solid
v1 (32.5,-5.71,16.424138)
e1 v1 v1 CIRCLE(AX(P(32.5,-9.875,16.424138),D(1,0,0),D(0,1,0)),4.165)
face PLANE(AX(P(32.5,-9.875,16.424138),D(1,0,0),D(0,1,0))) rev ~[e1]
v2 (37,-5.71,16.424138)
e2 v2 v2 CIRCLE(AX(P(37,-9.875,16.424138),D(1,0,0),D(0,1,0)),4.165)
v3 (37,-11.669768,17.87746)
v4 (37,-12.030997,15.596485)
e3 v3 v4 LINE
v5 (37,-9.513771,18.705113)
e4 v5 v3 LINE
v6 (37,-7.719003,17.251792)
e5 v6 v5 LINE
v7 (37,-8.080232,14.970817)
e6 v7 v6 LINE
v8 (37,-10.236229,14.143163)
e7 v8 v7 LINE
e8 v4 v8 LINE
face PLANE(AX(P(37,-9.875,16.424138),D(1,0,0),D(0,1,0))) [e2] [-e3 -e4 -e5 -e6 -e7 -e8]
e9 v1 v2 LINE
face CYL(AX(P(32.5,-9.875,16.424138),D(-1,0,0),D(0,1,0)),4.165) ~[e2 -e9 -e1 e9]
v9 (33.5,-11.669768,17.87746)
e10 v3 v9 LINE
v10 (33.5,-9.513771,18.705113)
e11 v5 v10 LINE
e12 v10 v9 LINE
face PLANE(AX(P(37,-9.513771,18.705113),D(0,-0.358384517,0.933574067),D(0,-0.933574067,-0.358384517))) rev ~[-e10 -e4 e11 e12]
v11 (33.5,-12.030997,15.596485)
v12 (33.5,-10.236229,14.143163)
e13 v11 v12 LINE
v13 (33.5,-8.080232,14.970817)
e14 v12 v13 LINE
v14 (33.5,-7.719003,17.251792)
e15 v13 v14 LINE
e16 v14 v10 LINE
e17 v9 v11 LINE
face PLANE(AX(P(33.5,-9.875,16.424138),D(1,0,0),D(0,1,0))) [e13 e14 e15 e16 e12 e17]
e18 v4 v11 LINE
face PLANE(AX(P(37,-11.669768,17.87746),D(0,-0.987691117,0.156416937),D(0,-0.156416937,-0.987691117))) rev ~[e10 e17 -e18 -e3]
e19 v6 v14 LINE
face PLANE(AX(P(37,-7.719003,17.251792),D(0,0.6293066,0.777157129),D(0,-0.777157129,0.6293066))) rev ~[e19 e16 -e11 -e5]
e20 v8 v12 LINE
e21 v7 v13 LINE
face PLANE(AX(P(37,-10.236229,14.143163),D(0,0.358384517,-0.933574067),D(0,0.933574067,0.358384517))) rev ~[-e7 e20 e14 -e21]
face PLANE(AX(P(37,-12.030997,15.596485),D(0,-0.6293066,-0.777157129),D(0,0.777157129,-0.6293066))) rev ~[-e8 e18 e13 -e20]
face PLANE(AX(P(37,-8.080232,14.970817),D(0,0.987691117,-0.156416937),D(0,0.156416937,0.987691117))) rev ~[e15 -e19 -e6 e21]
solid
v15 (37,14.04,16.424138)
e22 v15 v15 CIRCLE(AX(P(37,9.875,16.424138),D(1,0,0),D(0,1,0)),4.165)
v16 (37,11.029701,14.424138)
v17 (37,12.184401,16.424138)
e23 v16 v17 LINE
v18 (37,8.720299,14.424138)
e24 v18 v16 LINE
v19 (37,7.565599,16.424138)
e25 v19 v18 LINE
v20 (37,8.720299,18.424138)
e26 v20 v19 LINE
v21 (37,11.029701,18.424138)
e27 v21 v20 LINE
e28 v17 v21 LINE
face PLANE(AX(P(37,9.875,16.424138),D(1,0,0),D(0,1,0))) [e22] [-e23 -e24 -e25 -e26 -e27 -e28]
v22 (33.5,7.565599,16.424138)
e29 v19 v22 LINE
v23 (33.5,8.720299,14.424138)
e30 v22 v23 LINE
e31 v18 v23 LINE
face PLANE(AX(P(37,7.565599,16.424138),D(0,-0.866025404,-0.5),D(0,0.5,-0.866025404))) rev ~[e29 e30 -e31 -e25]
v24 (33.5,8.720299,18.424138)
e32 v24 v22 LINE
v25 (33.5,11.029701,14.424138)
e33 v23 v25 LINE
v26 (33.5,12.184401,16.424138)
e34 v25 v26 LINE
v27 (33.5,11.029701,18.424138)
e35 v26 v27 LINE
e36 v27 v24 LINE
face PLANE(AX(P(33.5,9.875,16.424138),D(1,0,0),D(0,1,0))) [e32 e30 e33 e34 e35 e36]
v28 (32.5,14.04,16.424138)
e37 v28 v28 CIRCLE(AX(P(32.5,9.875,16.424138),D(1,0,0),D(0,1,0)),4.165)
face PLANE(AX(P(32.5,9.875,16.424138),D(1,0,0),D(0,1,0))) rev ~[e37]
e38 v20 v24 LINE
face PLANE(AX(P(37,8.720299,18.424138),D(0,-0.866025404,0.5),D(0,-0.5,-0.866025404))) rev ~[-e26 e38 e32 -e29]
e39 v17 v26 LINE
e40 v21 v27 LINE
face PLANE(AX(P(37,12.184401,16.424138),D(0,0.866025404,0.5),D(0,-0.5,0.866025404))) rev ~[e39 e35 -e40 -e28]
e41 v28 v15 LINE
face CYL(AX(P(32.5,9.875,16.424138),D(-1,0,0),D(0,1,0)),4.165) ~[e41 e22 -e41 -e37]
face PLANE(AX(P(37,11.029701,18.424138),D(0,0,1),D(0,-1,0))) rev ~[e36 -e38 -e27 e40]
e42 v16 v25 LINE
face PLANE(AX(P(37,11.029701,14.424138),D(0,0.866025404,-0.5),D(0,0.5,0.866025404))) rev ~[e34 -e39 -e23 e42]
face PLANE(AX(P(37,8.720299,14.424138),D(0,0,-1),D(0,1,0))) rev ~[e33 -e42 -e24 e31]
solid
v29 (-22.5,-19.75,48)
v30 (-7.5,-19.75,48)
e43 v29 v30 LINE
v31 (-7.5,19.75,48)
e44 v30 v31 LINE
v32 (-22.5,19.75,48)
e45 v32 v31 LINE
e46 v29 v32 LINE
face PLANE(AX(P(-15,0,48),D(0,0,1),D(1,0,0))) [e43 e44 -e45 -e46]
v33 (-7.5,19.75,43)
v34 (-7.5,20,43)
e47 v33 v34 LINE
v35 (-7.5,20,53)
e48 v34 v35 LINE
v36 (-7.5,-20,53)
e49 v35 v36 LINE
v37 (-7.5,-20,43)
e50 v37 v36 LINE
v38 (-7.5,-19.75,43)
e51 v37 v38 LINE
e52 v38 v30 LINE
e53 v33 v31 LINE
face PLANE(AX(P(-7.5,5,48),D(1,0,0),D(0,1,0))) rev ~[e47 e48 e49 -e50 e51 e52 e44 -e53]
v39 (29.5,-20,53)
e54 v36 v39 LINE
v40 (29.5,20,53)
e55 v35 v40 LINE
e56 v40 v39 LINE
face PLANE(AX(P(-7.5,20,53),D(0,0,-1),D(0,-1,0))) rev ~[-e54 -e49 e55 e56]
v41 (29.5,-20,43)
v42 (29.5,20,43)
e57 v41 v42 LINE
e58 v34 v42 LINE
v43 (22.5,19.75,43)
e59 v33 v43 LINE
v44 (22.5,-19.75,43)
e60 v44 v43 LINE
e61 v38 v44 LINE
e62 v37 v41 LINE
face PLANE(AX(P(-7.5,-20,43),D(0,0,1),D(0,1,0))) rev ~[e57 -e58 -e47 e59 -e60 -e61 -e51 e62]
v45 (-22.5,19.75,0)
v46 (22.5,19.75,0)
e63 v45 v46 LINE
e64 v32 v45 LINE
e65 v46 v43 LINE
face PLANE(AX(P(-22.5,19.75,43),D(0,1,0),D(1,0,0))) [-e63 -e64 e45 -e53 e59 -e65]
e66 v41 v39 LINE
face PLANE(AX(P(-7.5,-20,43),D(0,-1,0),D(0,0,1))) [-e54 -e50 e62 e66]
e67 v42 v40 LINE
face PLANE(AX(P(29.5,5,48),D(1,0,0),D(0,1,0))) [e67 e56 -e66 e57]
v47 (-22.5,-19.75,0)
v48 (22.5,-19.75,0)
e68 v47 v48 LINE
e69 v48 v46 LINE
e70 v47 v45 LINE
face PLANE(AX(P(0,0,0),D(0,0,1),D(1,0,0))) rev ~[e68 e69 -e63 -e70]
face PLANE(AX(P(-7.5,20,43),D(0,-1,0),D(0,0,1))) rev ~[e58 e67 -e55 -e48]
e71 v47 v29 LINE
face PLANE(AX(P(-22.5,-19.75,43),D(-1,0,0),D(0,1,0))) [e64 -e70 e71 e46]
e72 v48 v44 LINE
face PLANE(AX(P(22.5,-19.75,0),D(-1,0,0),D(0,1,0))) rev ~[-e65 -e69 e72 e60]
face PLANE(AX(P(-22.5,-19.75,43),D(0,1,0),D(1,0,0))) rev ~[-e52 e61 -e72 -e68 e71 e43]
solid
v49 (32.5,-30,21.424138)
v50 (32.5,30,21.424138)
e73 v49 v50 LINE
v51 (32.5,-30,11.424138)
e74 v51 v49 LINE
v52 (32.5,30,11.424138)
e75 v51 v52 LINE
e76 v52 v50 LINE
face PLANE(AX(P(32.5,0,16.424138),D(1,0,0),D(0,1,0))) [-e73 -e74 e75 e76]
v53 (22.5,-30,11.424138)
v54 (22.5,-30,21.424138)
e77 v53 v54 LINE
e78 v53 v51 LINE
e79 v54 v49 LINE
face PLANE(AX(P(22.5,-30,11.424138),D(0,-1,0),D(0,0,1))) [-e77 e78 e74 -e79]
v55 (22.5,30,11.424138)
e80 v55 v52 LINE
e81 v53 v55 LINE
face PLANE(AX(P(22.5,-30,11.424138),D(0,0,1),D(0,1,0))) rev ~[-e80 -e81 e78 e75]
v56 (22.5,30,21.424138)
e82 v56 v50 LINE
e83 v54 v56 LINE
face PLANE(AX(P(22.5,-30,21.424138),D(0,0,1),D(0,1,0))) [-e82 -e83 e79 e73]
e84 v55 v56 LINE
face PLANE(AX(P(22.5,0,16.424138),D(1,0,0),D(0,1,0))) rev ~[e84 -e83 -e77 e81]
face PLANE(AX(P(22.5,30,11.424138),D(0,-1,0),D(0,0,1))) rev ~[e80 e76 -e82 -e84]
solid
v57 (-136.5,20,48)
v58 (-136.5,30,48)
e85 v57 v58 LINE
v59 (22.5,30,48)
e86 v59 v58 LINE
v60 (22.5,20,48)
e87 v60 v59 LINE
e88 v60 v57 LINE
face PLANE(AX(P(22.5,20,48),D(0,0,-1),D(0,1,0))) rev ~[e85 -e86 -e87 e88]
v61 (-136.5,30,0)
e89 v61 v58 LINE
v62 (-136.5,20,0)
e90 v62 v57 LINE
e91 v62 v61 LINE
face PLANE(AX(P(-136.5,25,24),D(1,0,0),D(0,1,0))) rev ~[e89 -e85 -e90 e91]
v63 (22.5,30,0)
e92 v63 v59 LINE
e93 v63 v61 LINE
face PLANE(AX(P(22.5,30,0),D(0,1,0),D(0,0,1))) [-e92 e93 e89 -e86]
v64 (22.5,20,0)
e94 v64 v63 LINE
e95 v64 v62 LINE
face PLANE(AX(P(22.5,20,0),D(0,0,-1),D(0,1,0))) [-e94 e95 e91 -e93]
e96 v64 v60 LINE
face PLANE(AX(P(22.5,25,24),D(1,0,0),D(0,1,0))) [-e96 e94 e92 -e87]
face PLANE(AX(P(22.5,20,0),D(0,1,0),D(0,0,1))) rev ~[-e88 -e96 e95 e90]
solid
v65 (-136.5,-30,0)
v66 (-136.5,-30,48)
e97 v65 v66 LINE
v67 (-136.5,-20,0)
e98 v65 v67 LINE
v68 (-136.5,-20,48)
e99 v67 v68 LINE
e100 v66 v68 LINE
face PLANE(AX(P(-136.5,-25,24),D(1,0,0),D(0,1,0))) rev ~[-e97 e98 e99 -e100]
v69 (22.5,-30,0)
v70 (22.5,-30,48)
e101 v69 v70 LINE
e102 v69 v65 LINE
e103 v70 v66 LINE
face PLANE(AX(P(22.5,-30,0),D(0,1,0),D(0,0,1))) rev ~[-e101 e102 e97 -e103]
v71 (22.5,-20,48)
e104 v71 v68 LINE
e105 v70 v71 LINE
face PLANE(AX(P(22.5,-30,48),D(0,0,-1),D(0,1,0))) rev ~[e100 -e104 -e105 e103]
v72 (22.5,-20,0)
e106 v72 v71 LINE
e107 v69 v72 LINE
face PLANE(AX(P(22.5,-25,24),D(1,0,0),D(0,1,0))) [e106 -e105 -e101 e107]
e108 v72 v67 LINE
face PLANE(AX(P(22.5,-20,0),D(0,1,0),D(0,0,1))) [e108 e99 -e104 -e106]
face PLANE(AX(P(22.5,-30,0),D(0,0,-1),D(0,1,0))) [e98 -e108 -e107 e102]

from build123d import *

# Parameters (mm, degrees)
F0_W      = 45
F0_H      = 39.5
F1_DEPTH  = 43
F2_W      = 15
F2_H      = 39.5
F3_DEPTH  = 5
F4_W      = 10
F4_H      = 10
F5_DEPTH  = 37
F7_W      = 10
F7_H      = 48
F8_DEPTH  = 159
F9_W      = 60
F9_H      = 10
F10_DEPTH = 10
F12_R     = 4.165
F13_DEPTH = 4.5
F15_DEPTH = 3.5


with BuildPart() as f1:
    # F0 (on Top) → F1 (new body)
    with BuildSketch(Plane.XY):
        Rectangle(F0_W, F0_H)
    extrude(amount=F1_DEPTH)

    # F2 (on face) → F3 (join)
    with BuildSketch(Plane.XY.offset(43)):
        with Locations((-15, 0)):
            Rectangle(F2_W, F2_H)
    extrude(amount=F3_DEPTH)

    # F4 (on face) → F5 (join)
    with BuildSketch(Plane.YZ.offset(-7.5)):
        with Locations((5, 48)):
            Rectangle(F4_W, F4_H)
        with Locations((-5, 48)):
            Rectangle(F4_W, F4_H)
        with Locations((15, 48)):
            Rectangle(F4_W, F4_H)
        with Locations((-15, 48)):
            Rectangle(F4_W, F4_H)
    extrude(amount=F5_DEPTH)


with BuildPart() as f8:
    # F7 (on plane+point) → F8 (new body)
    with BuildSketch(Plane.YZ.offset(22.5)):
        with Locations((25, 24)):
            Rectangle(F7_W, F7_H)
    extrude(amount=-F8_DEPTH)


with BuildPart() as f8b:
    # F7 (on plane+point) → F8, piece 2 (new body)
    with BuildSketch(Plane.YZ.offset(22.5)):
        with Locations((-25, 24)):
            Rectangle(F7_W, F7_H)
    extrude(amount=-F8_DEPTH)


with BuildPart() as f10:
    # F9 (on face) → F10 (new body)
    with BuildSketch(Plane.YZ.offset(22.5)):
        with Locations((0, 16.4241382107)):
            Rectangle(F9_W, F9_H)
    extrude(amount=F10_DEPTH)


with BuildPart() as f13:
    # F12 (on face) → F13 (new body)
    with BuildSketch(Plane.YZ.offset(32.5)):
        with Locations((-9.875, 16.4241382107)):
            Circle(F12_R)
    extrude(amount=F13_DEPTH)


with BuildPart() as f13b:
    # F12 (on face) → F13, piece 2 (new body)
    with BuildSketch(Plane.YZ.offset(32.5)):
        with Locations((9.875, 16.4241382107)):
            Circle(F12_R)
    extrude(amount=F13_DEPTH)


with BuildPart() as f15_tool:
    # F14 (on face) → F15 (new body)
    with BuildSketch(Plane.YZ.offset(37)):
        Polygon((-10.2362294434, 14.1431632826), (-8.0802324886, 14.9708168721), (-7.7190030452, 17.2517918001), (-9.5137705566, 18.7051131388), (-11.6697675114, 17.8774595494), (-12.0309969548, 15.5964846213), align=None)
        Polygon((8.7202994616, 14.4241382107), (11.0297005384, 14.4241382107), (12.1844010768, 16.4241382107), (11.0297005384, 18.4241382107), (8.7202994616, 18.4241382107), (7.5655989232, 16.4241382107), align=None)
    extrude(amount=-F15_DEPTH)


with BuildPart() as f13_1:
    add(f13.part)

    # F15: cut by f15_tool
    add(f15_tool.part, mode=Mode.SUBTRACT)


with BuildPart() as f13b_1:
    add(f13b.part)

    # F15: cut by f15_tool
    add(f15_tool.part, mode=Mode.SUBTRACT)


solid = Compound([f1.part, f8.part, f8b.part, f10.part, f13_1.part, f13b_1.part])
